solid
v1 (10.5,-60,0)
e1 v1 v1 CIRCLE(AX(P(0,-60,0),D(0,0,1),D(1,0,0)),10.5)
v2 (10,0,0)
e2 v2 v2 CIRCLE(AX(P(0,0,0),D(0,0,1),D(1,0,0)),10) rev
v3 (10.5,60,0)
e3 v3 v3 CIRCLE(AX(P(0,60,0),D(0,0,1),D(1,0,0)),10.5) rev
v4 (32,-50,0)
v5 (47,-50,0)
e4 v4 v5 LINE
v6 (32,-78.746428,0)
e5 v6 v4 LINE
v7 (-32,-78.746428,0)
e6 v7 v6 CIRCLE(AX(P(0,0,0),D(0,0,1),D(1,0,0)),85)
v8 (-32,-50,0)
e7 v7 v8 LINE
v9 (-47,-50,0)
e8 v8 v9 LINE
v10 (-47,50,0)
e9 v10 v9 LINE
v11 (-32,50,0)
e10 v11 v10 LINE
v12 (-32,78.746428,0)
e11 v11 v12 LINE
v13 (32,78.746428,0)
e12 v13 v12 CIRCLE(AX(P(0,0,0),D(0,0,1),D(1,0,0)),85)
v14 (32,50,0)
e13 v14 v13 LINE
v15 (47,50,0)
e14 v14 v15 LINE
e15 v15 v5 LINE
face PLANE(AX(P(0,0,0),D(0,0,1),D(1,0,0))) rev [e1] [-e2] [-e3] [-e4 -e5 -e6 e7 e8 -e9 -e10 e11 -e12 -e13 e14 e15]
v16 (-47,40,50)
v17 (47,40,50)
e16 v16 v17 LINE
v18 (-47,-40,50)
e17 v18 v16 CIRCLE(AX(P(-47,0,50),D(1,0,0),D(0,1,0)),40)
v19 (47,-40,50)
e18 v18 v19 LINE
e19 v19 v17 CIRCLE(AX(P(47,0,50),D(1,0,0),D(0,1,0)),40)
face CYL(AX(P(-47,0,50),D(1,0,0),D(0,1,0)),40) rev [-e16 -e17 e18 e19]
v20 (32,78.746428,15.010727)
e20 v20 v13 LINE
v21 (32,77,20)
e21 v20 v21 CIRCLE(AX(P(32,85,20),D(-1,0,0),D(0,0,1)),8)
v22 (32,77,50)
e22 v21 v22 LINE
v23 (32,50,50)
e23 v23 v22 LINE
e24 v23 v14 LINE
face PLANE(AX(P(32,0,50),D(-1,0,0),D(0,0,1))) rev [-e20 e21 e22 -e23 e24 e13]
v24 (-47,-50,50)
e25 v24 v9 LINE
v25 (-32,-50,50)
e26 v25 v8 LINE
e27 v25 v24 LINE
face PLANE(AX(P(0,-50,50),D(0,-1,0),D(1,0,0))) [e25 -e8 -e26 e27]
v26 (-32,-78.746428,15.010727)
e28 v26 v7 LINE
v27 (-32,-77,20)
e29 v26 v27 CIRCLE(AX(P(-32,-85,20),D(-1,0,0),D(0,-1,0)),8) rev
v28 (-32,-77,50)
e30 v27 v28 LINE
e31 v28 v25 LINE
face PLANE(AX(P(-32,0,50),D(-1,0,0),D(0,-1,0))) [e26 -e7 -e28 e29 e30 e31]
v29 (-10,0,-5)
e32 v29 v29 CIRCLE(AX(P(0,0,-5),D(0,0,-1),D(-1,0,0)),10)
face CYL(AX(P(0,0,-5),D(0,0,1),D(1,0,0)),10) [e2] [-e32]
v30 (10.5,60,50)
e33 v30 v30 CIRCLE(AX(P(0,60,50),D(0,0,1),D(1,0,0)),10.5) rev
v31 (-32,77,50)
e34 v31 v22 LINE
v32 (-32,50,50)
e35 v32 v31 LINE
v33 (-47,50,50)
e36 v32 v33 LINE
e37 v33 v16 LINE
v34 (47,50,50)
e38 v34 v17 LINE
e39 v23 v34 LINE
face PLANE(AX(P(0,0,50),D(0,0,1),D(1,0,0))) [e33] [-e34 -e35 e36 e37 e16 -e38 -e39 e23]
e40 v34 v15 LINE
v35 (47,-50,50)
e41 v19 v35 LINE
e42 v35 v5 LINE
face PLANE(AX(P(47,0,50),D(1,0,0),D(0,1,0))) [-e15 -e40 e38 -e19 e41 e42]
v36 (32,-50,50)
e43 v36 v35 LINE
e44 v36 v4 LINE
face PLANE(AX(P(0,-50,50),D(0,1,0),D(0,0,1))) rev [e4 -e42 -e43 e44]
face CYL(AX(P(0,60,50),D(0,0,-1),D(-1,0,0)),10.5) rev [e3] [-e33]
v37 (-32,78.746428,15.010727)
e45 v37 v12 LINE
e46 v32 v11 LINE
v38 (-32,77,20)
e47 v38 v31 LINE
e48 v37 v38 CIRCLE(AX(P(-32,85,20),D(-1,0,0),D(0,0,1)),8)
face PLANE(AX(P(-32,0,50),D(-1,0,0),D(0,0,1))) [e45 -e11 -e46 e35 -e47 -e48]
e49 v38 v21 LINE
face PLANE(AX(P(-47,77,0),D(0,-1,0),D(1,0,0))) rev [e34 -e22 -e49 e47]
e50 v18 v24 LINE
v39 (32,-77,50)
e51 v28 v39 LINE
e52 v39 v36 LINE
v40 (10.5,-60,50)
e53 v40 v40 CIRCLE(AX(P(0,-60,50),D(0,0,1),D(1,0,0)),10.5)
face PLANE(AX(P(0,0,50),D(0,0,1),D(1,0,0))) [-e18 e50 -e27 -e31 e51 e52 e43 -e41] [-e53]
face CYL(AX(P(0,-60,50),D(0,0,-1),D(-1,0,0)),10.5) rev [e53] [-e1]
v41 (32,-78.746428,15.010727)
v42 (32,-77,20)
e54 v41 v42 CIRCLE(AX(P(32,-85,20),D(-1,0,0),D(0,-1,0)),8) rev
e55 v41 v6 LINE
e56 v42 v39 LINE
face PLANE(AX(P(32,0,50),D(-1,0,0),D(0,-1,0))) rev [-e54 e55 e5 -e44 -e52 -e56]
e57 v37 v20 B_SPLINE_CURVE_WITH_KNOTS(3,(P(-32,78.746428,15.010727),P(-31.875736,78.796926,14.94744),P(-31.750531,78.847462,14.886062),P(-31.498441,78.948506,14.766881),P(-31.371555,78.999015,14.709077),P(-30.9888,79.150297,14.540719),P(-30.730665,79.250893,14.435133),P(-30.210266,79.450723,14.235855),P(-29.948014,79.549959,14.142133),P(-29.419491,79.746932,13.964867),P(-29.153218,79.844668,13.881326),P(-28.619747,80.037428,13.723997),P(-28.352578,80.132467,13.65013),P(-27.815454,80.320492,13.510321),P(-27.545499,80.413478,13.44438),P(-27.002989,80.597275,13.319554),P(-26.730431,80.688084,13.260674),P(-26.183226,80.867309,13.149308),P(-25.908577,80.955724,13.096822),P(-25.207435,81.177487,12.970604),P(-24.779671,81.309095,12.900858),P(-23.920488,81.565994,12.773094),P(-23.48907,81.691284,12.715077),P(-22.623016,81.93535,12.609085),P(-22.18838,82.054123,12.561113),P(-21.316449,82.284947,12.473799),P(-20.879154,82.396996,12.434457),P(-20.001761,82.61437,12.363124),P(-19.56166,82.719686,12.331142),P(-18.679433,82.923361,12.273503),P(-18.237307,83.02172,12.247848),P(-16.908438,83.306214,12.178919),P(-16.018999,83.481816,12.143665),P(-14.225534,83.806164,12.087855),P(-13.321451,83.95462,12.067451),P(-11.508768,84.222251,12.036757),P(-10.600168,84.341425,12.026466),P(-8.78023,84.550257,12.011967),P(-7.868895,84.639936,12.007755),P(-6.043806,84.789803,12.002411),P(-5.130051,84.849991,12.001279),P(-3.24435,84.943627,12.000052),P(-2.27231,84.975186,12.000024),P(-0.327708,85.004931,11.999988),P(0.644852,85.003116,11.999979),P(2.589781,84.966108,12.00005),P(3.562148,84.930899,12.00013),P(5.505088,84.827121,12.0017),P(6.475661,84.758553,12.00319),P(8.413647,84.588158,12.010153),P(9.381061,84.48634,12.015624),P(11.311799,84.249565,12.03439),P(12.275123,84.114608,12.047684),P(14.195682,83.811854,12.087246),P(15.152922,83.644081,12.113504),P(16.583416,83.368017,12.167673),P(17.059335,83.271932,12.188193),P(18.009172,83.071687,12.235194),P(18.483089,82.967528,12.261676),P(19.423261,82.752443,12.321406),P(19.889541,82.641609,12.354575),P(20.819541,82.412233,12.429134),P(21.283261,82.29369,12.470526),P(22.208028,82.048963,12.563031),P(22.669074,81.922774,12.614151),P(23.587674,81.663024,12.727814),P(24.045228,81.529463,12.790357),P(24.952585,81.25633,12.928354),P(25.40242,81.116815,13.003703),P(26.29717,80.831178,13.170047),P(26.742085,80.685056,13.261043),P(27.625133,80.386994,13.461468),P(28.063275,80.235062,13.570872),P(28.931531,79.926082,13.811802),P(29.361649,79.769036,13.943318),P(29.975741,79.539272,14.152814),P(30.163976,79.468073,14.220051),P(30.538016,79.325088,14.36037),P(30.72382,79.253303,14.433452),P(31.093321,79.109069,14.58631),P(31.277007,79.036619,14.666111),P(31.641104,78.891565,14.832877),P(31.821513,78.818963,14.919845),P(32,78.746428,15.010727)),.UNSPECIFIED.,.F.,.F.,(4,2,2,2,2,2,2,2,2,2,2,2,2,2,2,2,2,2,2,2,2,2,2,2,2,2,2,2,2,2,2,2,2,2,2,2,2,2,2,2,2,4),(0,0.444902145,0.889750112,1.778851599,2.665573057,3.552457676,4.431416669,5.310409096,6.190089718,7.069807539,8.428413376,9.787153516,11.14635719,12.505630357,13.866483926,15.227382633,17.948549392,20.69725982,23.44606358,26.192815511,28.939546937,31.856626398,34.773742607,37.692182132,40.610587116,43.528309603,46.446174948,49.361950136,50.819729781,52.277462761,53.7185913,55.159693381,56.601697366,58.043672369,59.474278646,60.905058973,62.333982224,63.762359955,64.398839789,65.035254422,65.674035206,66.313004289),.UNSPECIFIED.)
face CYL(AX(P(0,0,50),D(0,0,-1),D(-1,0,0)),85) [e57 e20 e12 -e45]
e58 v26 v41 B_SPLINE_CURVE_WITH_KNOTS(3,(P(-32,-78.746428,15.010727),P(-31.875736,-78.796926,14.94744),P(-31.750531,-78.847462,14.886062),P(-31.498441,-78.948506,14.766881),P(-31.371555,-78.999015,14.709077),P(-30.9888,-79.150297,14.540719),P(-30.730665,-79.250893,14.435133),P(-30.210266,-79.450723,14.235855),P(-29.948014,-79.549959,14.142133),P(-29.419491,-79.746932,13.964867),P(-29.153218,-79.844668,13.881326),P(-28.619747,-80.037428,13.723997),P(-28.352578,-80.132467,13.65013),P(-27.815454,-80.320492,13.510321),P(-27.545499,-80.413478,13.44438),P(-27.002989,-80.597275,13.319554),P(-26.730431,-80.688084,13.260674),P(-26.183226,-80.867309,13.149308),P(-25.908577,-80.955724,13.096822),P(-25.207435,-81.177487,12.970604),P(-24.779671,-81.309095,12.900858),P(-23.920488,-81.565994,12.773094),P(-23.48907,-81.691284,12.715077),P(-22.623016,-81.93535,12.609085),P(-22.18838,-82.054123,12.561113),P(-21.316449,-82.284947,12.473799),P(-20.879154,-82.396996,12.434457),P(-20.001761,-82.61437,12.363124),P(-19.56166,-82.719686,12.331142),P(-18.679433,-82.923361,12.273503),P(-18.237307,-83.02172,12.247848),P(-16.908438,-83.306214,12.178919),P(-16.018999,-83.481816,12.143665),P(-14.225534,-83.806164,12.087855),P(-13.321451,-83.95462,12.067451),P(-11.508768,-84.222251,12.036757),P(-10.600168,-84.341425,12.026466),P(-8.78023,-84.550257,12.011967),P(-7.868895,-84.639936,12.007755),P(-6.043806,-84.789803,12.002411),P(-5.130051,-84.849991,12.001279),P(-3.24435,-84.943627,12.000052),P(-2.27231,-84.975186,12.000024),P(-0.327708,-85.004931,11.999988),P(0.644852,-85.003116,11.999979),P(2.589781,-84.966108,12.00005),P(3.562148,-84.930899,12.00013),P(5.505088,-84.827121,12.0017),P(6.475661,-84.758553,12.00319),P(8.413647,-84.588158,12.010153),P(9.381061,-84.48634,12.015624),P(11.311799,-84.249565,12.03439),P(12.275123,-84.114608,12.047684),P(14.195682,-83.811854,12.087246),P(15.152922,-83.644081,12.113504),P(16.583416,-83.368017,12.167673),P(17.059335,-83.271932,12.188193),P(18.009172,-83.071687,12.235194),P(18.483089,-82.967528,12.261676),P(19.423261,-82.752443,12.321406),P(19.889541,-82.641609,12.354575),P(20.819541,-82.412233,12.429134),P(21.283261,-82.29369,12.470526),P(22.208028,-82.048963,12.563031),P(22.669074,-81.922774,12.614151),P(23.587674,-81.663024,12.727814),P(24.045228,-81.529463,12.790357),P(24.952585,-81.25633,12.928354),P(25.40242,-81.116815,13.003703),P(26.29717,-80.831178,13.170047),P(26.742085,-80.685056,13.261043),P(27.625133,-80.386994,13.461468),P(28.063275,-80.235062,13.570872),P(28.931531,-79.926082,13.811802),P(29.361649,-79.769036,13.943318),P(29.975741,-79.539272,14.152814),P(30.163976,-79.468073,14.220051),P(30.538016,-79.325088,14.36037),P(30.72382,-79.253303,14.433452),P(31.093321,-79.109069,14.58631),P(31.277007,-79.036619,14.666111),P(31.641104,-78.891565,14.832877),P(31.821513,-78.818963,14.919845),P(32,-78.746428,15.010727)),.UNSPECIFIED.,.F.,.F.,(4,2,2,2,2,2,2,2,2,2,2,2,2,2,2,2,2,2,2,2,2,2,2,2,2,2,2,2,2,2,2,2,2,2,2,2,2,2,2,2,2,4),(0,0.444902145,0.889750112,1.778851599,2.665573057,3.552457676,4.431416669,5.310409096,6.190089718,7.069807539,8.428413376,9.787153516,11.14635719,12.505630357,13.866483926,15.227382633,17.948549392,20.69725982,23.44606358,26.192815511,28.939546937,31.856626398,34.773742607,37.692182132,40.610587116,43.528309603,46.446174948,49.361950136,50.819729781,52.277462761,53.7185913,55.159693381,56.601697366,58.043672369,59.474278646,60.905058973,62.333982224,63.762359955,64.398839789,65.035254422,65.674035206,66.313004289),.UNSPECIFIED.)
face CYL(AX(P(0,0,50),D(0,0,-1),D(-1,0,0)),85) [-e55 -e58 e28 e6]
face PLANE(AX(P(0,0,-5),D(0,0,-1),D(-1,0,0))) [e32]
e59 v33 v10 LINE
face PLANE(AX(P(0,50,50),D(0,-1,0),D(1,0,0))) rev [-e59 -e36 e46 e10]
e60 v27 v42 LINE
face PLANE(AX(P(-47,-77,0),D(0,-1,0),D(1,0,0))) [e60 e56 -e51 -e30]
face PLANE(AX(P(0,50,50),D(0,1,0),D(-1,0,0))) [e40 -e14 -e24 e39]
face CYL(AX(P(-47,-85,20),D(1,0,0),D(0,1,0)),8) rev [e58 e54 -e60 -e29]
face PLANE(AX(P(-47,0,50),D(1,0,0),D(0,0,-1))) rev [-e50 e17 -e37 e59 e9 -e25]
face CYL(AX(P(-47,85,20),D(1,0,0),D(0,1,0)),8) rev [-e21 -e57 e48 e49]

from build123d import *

# Parameters (mm, degrees)
SKETCH1_R           = 10.5
SKETCH1_W           = 94
SKETCH1_H           = 80
BOSS_EXTRUDE1_DEPTH = 50
CUT_EXTRUDE1_DEPTH  = 137.238761004
SKETCH3_R           = 10
BOSS_EXTRUDE2_DEPTH = 5


with BuildPart() as part:
    # Sketch1 → Boss-Extrude1 (new body)
    # profile 1 of 5: a face of its own
    with BuildSketch(Plane.XY):
        with BuildLine():
            Line((32, 67.830671528), (32, 78.74642849))
            ThreePointArc((32, 78.74642849), (0, 85), (-32, 78.74642849))
            Line((-32, 78.74642849), (-32, 67.830671528))
            ThreePointArc((-32, 67.830671528), (0, 75), (32, 67.830671528))
        make_face()
    # profile 2 of 5: a face of its own
    with BuildSketch(Plane.XY):
        with BuildLine():
            Line((32, 67.830671528), (32, 50))
            Line((32, 50), (47, 50))
            Line((47, 50), (47, 40))
            Line((47, 40), (-47, 40))
            Line((-47, 40), (-47, 50))
            Line((-47, 50), (-32, 50))
            Line((-32, 50), (-32, 67.830671528))
            ThreePointArc((-32, 67.830671528), (0, 75), (32, 67.830671528))
        make_face()
        with Locations((0, 60)):
            Circle(SKETCH1_R, mode=Mode.SUBTRACT)
    # profile 3 of 5: a face of its own
    with BuildSketch(Plane.XY):
        Rectangle(SKETCH1_W, SKETCH1_H)
    # profile 4 of 5: a face of its own
    with BuildSketch(Plane.XY):
        with BuildLine():
            Line((-32, -67.830671528), (-32, -50))
            Line((-32, -50), (-47, -50))
            Line((-47, -50), (-47, -40))
            Line((-47, -40), (47, -40))
            Line((47, -40), (47, -50))
            Line((47, -50), (32, -50))
            Line((32, -50), (32, -67.830671528))
            ThreePointArc((32, -67.830671528), (0, -75), (-32, -67.830671528))
        make_face()
        with Locations((0, -60)):
            Circle(SKETCH1_R, mode=Mode.SUBTRACT)
    # profile 5 of 5: a face of its own
    with BuildSketch(Plane.XY):
        with BuildLine():
            Line((-32, -67.830671528), (-32, -78.74642849))
            ThreePointArc((-32, -78.74642849), (0, -85), (32, -78.74642849))
            Line((32, -78.74642849), (32, -67.830671528))
            ThreePointArc((32, -67.830671528), (0, -75), (-32, -67.830671528))
        make_face()
    extrude(amount=BOSS_EXTRUDE1_DEPTH)

    # Sketch2 → Cut-Extrude1 (cut, through all)
    with BuildSketch(Plane(origin=(47, 0, 0), x_dir=(0, 0, -1), z_dir=(1, 0, 0))):
        with BuildLine():
            Line((-50, 40), (-50, -40))
            ThreePointArc((-50, -40), (-10, 0), (-50, 40))
        make_face()
        with BuildLine():
            Line((-50, -77), (-20, -77))
            ThreePointArc((-20, -77), (-14.343145751, -79.343145751), (-12, -85))
            Line((-12, -85), (-50, -85))
            Line((-50, -85), (-50, -77))
        make_face()
        with BuildLine():
            Line((-50, 85), (-12, 85))
            ThreePointArc((-12, 85), (-14.343145751, 79.343145751), (-20, 77))
            Line((-20, 77), (-50, 77))
            Line((-50, 77), (-50, 85))
        make_face()
    extrude(amount=-CUT_EXTRUDE1_DEPTH, mode=Mode.SUBTRACT)

    # Sketch3 → Boss-Extrude2 (add)
    with BuildSketch(Plane(origin=(0, 0, 0), x_dir=(-1, 0, 0), z_dir=(0, 0, -1))):
        with Locations(Location((0, 0, 0), (0, 0, 180))):
            Circle(SKETCH3_R)
    extrude(amount=BOSS_EXTRUDE2_DEPTH)


solid = part.part
